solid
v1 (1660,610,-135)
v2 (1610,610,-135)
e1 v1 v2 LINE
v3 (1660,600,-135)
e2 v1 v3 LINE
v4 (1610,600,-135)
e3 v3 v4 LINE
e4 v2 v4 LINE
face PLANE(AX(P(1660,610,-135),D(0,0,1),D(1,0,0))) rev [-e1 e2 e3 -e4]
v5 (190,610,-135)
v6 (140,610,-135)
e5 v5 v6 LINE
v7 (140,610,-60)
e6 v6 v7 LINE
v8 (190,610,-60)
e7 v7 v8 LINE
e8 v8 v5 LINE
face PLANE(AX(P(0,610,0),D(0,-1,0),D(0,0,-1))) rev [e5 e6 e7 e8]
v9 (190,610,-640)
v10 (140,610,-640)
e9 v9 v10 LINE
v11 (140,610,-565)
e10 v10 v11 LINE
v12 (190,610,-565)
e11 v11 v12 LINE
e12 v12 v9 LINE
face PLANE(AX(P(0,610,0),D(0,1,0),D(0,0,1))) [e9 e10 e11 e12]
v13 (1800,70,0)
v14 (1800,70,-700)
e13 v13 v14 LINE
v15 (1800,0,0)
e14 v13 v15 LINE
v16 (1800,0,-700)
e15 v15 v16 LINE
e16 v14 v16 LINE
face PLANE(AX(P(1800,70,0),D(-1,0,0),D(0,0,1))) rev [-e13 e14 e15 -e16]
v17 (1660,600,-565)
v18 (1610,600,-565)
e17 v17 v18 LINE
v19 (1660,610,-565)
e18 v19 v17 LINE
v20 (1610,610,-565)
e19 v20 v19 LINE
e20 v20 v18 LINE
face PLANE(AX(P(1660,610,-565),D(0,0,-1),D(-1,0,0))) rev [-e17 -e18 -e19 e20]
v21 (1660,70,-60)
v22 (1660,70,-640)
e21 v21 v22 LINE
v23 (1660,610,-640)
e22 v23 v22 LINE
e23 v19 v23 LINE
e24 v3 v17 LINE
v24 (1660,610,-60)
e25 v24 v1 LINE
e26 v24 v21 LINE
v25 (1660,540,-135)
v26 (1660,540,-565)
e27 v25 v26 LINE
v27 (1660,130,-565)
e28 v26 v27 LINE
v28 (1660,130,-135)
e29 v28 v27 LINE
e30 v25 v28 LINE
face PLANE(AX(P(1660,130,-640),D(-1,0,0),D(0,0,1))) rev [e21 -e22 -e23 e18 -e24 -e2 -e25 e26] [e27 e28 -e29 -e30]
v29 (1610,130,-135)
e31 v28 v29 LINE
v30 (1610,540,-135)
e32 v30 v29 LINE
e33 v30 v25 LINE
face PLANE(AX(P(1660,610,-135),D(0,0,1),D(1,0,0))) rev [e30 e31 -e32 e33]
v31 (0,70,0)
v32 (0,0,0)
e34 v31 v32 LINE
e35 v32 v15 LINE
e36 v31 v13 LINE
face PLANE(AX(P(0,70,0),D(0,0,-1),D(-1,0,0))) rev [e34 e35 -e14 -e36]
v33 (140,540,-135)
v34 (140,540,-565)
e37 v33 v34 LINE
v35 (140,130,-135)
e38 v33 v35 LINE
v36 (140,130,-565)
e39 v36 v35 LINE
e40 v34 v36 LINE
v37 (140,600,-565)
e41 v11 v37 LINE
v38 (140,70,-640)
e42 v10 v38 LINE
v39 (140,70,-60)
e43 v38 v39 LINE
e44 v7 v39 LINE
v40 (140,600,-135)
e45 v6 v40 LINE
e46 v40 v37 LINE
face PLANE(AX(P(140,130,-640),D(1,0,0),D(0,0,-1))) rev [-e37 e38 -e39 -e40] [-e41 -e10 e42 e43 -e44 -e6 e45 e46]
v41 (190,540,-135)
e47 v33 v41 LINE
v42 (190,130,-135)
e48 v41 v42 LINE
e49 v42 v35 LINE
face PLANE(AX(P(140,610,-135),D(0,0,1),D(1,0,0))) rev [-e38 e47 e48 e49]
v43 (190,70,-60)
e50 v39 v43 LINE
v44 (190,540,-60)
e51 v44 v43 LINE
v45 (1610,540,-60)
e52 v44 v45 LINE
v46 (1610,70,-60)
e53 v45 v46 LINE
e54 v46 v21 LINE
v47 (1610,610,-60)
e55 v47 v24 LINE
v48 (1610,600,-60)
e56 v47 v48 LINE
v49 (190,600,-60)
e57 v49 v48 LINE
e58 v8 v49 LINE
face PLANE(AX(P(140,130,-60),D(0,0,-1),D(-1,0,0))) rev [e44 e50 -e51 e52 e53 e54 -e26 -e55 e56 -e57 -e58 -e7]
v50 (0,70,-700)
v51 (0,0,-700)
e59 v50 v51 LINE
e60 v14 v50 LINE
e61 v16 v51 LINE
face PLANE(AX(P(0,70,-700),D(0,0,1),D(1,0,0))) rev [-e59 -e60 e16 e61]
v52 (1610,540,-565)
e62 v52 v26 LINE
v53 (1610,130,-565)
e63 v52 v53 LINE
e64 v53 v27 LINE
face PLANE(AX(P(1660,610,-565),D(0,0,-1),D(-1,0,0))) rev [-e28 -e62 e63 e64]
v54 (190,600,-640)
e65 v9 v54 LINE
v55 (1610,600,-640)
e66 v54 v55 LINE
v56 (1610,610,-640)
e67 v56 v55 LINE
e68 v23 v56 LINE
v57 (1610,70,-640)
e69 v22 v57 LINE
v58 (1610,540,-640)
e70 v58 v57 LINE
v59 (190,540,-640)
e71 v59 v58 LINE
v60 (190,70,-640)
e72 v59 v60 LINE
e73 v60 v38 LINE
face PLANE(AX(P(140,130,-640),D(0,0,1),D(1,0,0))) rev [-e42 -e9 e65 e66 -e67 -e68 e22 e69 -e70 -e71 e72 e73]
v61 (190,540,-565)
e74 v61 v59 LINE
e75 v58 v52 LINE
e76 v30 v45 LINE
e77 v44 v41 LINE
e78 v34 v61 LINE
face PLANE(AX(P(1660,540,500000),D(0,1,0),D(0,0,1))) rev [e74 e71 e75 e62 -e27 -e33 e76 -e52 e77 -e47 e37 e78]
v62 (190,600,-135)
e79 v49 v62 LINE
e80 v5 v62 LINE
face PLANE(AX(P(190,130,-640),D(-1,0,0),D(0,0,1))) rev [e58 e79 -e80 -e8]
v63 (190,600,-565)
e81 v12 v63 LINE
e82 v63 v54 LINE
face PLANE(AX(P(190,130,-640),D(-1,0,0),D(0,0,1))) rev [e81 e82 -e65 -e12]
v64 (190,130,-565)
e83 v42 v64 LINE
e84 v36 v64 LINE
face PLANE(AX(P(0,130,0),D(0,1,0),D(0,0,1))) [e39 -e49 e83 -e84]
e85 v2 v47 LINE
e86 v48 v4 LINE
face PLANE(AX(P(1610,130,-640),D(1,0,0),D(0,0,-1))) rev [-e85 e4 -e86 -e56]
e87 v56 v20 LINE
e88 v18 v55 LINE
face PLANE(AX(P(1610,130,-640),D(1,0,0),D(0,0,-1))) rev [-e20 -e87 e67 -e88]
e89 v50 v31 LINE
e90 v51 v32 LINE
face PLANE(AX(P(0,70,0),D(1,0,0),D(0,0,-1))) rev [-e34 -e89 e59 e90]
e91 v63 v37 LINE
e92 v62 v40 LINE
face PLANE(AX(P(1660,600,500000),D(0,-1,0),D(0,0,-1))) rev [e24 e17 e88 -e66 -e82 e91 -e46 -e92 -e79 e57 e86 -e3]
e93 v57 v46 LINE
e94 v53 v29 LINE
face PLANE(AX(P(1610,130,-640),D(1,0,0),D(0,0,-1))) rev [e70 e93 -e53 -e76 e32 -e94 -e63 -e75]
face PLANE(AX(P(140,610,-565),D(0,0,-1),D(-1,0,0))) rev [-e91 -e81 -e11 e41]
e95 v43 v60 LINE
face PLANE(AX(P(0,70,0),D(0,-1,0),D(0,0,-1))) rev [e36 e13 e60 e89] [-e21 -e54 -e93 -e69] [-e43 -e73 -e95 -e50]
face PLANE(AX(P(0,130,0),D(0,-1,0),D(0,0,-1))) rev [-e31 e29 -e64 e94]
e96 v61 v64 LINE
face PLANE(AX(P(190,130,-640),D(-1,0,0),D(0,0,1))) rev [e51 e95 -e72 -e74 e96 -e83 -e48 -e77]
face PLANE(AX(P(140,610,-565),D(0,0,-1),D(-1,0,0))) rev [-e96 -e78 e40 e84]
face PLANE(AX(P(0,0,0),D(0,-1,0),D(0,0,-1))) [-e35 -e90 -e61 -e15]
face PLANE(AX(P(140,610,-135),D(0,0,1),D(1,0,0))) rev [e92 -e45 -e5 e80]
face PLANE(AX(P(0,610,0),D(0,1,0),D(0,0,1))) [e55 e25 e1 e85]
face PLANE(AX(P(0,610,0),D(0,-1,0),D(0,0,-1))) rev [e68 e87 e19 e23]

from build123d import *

# Parameters (mm, degrees)
SKETCH_1_W      = 1800
SKETCH_1_H      = 700
EXTRUDE_1_DEPTH = 70
SKETCH_2_W      = 50
SKETCH_2_H      = 580
EXTRUDE_2_DEPTH = 60
SKETCH_3_W      = 50
SKETCH_3_H      = 75
EXTRUDE_3_DEPTH = 480
EXTRUDE_4_REACH = 1984.757
SKETCH_4_W      = 50
SKETCH_4_H      = 60
EXTRUDE_5_REACH = 1860.548
SKETCH_5_W      = 580
SKETCH_5_H      = 60


with BuildPart() as part:
    # ｽｹｯﾁ1 → ﾎﾞｽ - 押し出し1 (new body)
    with BuildSketch(Plane(origin=(0, 0, 0), x_dir=(1, 0, 0), z_dir=(0, 1, 0))):
        with Locations((900, 350)):
            Rectangle(SKETCH_1_W, SKETCH_1_H)
    extrude(amount=EXTRUDE_1_DEPTH)

    # ｽｹｯﾁ2 → ﾎﾞｽ - 押し出し2 (add)
    with BuildSketch(Plane(origin=(0, 70, 0), x_dir=(1, 0, 0), z_dir=(0, 1, 0))):
        with Locations((165, 350)):
            Rectangle(SKETCH_2_W, SKETCH_2_H)
        with Locations((1635, 350)):
            Rectangle(SKETCH_2_W, SKETCH_2_H)
    extrude(amount=EXTRUDE_2_DEPTH)

    # ｽｹｯﾁ3 → ﾎﾞｽ - 押し出し3 (add)
    with BuildSketch(Plane(origin=(0, 130, 0), x_dir=(1, 0, 0), z_dir=(0, 1, 0))):
        with Locations((165, 602.5)):
            Rectangle(SKETCH_3_W, SKETCH_3_H)
        with Locations((165, 97.5)):
            Rectangle(SKETCH_3_W, SKETCH_3_H)
        with Locations((1635, 602.5)):
            Rectangle(SKETCH_3_W, SKETCH_3_H)
        with Locations((1635, 97.5)):
            Rectangle(SKETCH_3_W, SKETCH_3_H)
    extrude(amount=EXTRUDE_3_DEPTH)

    # ｽｹｯﾁ4 → ﾎﾞｽ - 押し出し4 (add, up to next)
    with BuildSketch(Plane.XY.offset(-565), mode=Mode.PRIVATE) as extrude_4_sk1:
        with Locations((1635, 570)):
            Rectangle(SKETCH_4_W, SKETCH_4_H)
    extrude_4_tool1 = extrude(extrude_4_sk1.sketch, amount=EXTRUDE_4_REACH, mode=Mode.PRIVATE) - part.part
    # ｽｹｯﾁ4 → ﾎﾞｽ - 押し出し4 (add, up to next)
    with BuildSketch(Plane.XY.offset(-565), mode=Mode.PRIVATE) as extrude_4_sk2:
        with Locations((165, 570)):
            Rectangle(SKETCH_4_W, SKETCH_4_H)
    extrude_4_tool2 = extrude(extrude_4_sk2.sketch, amount=EXTRUDE_4_REACH, mode=Mode.PRIVATE) - part.part
    add(extrude_4_tool1.solids().sort_by_distance((1635, 570, -565))[0])
    add(extrude_4_tool2.solids().sort_by_distance((165, 570, -565))[0])

    # ｽｹｯﾁ5 → ﾎﾞｽ - 押し出し5 (add, up to next)
    with BuildSketch(Plane.ZY.offset(-1610), mode=Mode.PRIVATE) as extrude_5_sk1:
        with Locations((-350, 570)):
            Rectangle(SKETCH_5_W, SKETCH_5_H)
    extrude_5_tool1 = extrude(extrude_5_sk1.sketch, amount=EXTRUDE_5_REACH, mode=Mode.PRIVATE) - part.part
    add(extrude_5_tool1.solids().sort_by_distance((1610, 570, -350))[0])


solid = part.part
